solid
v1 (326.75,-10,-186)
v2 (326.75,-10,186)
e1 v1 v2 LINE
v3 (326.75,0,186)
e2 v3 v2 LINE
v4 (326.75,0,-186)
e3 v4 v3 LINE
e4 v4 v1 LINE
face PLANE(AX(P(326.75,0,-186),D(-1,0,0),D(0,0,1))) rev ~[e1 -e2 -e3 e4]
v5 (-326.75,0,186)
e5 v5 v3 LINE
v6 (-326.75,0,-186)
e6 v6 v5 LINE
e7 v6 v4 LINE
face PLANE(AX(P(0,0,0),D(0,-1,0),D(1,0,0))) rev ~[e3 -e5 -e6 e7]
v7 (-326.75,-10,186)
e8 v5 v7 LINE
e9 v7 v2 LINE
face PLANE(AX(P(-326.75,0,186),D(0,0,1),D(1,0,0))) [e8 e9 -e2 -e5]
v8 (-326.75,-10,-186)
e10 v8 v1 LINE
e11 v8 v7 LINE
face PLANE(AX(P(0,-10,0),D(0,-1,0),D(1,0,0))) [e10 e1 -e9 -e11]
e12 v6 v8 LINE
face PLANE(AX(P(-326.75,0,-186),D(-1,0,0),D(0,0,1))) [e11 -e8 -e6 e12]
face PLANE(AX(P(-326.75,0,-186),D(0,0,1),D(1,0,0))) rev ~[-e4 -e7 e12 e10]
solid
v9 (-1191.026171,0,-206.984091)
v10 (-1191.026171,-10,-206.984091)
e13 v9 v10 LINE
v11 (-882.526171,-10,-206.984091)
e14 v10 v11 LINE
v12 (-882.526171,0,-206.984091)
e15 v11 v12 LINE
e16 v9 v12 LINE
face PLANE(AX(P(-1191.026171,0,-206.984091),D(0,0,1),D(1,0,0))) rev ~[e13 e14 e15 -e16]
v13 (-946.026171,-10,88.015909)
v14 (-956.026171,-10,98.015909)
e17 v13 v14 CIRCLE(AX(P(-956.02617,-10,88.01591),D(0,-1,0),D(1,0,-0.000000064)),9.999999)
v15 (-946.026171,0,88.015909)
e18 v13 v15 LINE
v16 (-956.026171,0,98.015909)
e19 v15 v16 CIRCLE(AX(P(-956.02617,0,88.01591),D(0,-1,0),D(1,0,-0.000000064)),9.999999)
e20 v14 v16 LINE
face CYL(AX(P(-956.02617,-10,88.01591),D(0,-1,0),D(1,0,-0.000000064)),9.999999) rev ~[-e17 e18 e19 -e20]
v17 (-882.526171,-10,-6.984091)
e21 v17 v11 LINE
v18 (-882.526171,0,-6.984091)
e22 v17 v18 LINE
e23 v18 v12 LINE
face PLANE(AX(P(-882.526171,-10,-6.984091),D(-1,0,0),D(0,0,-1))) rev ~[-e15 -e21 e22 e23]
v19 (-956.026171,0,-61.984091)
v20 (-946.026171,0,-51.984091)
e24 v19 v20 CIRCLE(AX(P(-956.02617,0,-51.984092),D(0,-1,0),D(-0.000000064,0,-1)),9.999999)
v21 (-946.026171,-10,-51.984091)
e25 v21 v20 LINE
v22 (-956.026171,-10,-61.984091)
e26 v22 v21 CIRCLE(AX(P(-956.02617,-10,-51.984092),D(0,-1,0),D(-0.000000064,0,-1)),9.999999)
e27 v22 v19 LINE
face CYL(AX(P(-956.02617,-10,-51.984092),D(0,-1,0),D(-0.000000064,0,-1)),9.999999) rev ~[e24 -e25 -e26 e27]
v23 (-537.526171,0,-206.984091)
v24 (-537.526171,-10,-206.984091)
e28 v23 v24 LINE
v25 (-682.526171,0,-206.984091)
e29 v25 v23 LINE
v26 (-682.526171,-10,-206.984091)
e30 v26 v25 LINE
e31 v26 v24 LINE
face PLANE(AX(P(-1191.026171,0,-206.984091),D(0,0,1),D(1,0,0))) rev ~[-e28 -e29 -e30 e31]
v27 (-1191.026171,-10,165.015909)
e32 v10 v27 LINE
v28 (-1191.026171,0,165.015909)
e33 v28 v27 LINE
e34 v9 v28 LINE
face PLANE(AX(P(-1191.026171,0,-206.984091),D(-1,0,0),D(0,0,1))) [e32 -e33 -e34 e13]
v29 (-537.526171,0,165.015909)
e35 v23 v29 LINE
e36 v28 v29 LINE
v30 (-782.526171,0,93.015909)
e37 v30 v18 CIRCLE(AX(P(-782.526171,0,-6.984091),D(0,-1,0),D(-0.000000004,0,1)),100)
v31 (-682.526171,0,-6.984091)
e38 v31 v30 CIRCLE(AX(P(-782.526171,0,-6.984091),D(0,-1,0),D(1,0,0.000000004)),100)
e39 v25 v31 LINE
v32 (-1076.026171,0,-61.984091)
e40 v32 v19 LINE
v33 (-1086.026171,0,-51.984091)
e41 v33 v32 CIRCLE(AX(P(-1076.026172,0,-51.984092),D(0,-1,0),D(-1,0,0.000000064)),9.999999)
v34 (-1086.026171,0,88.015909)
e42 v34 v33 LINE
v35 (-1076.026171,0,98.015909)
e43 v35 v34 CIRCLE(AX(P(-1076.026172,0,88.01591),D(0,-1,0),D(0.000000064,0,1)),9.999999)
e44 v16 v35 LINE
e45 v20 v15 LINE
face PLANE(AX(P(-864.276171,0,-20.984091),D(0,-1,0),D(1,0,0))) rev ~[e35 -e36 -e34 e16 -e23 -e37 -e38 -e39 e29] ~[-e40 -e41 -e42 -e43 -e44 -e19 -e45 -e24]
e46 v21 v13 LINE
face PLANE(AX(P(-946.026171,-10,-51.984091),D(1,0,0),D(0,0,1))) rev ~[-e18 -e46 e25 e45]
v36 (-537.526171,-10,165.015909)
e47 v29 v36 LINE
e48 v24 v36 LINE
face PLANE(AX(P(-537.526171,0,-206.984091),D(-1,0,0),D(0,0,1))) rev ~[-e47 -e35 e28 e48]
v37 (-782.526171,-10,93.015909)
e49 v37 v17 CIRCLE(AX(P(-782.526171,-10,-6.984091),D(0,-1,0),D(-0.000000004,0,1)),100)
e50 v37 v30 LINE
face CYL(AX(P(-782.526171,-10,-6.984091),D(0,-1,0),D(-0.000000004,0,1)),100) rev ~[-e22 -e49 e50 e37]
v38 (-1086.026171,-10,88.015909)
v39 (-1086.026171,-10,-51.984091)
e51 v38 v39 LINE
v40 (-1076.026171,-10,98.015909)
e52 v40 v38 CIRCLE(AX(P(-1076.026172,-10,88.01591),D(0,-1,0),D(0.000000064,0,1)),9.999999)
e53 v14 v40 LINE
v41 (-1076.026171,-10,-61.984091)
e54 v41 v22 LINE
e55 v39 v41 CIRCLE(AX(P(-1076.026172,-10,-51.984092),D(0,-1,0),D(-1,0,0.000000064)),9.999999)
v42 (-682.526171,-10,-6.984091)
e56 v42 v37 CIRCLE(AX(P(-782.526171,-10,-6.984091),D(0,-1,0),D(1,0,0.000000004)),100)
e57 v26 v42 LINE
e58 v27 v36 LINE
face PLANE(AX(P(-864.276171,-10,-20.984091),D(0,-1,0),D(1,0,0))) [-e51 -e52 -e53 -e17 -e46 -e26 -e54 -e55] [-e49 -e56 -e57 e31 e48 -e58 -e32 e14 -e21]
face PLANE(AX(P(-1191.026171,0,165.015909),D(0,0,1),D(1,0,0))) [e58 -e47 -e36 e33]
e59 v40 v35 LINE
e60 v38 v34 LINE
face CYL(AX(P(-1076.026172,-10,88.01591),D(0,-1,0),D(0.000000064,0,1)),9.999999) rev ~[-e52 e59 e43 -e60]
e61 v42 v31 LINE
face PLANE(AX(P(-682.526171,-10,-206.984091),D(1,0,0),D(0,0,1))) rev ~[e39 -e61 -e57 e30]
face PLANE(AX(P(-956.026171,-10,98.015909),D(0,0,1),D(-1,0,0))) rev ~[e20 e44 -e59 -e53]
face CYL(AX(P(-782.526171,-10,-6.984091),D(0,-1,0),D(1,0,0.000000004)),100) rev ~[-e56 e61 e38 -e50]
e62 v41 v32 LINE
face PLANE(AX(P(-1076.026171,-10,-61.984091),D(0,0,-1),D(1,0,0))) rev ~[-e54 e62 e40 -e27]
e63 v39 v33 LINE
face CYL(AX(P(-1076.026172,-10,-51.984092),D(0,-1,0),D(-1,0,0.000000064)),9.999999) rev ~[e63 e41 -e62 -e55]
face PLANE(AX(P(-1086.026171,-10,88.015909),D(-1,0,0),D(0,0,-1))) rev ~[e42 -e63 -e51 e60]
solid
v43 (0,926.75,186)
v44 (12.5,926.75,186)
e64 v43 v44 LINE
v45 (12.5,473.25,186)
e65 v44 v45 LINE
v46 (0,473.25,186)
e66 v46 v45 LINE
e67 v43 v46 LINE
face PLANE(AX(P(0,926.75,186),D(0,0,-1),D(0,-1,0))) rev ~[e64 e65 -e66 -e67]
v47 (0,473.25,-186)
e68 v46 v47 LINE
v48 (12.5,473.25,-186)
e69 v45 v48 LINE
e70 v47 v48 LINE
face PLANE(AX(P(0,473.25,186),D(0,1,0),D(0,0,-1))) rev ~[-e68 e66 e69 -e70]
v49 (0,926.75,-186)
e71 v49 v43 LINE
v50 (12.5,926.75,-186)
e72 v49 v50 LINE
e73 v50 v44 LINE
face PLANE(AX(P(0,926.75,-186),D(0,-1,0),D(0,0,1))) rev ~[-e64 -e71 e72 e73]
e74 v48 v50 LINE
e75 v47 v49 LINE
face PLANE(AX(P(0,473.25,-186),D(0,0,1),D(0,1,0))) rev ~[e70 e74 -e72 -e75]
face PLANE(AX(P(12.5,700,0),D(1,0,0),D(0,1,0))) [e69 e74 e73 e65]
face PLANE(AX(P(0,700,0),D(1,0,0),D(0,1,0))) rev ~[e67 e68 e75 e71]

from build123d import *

# Parameters (mm, degrees)
F0_W     = 653.5
F0_H     = 372
F1_DEPTH = 10
F3_DEPTH = 12.5
F5_DEPTH = 10


with BuildPart() as f1:
    # F0 (on Front) → F1 (new body)
    with BuildSketch(Plane.XZ):
        Rectangle(F0_W, F0_H)
        with Locations((-864.276171, -20.984091)):
            Rectangle(F0_W, F0_H)
    extrude(amount=F1_DEPTH)

    # F4 (on face) → F5 (cut)
    with BuildSketch(Plane.XZ.offset(10)):
        with BuildLine():
            ThreePointArc((-946.026171, 88.015909), (-948.955103, 95.086977), (-956.026171, 98.015909))
            Line((-956.026171, 98.015909), (-1076.026171, 98.015909))
            ThreePointArc((-1076.026171, 98.015909), (-1083.097239, 95.086977), (-1086.026171, 88.015909))
            Line((-1086.026171, 88.015909), (-1086.026171, -51.984091))
            ThreePointArc((-1086.026171, -51.984091), (-1083.097239, -59.055159), (-1076.026171, -61.984091))
            Line((-1076.026171, -61.984091), (-956.026171, -61.984091))
            ThreePointArc((-956.026171, -61.984091), (-948.955103, -59.055159), (-946.026171, -51.984091))
            Line((-946.026171, -51.984091), (-946.026171, 88.015909))
        make_face()
        with BuildLine():
            Line((-882.526171, -6.984091), (-882.526171, -206.984091))
            Line((-882.526171, -206.984091), (-682.526171, -206.984091))
            Line((-682.526171, -206.984091), (-682.526171, -6.984091))
            ThreePointArc((-682.526171, -6.984091), (-711.815493, 63.726587), (-782.526171, 93.015909))
            ThreePointArc((-782.526171, 93.015909), (-853.236849, 63.726587), (-882.526171, -6.984091))
        make_face()
    extrude(amount=-F5_DEPTH, mode=Mode.SUBTRACT)


with BuildPart() as f3:
    # F2 (on Right) → F3 (new body)
    with BuildSketch(Plane.YZ):
        Polygon((926.75, 186), (473.25, 186), (473.25, 0), (473.25, -186), (926.75, -186), align=None)
    extrude(amount=F3_DEPTH)


solid = Compound([f1.part, f3.part])
